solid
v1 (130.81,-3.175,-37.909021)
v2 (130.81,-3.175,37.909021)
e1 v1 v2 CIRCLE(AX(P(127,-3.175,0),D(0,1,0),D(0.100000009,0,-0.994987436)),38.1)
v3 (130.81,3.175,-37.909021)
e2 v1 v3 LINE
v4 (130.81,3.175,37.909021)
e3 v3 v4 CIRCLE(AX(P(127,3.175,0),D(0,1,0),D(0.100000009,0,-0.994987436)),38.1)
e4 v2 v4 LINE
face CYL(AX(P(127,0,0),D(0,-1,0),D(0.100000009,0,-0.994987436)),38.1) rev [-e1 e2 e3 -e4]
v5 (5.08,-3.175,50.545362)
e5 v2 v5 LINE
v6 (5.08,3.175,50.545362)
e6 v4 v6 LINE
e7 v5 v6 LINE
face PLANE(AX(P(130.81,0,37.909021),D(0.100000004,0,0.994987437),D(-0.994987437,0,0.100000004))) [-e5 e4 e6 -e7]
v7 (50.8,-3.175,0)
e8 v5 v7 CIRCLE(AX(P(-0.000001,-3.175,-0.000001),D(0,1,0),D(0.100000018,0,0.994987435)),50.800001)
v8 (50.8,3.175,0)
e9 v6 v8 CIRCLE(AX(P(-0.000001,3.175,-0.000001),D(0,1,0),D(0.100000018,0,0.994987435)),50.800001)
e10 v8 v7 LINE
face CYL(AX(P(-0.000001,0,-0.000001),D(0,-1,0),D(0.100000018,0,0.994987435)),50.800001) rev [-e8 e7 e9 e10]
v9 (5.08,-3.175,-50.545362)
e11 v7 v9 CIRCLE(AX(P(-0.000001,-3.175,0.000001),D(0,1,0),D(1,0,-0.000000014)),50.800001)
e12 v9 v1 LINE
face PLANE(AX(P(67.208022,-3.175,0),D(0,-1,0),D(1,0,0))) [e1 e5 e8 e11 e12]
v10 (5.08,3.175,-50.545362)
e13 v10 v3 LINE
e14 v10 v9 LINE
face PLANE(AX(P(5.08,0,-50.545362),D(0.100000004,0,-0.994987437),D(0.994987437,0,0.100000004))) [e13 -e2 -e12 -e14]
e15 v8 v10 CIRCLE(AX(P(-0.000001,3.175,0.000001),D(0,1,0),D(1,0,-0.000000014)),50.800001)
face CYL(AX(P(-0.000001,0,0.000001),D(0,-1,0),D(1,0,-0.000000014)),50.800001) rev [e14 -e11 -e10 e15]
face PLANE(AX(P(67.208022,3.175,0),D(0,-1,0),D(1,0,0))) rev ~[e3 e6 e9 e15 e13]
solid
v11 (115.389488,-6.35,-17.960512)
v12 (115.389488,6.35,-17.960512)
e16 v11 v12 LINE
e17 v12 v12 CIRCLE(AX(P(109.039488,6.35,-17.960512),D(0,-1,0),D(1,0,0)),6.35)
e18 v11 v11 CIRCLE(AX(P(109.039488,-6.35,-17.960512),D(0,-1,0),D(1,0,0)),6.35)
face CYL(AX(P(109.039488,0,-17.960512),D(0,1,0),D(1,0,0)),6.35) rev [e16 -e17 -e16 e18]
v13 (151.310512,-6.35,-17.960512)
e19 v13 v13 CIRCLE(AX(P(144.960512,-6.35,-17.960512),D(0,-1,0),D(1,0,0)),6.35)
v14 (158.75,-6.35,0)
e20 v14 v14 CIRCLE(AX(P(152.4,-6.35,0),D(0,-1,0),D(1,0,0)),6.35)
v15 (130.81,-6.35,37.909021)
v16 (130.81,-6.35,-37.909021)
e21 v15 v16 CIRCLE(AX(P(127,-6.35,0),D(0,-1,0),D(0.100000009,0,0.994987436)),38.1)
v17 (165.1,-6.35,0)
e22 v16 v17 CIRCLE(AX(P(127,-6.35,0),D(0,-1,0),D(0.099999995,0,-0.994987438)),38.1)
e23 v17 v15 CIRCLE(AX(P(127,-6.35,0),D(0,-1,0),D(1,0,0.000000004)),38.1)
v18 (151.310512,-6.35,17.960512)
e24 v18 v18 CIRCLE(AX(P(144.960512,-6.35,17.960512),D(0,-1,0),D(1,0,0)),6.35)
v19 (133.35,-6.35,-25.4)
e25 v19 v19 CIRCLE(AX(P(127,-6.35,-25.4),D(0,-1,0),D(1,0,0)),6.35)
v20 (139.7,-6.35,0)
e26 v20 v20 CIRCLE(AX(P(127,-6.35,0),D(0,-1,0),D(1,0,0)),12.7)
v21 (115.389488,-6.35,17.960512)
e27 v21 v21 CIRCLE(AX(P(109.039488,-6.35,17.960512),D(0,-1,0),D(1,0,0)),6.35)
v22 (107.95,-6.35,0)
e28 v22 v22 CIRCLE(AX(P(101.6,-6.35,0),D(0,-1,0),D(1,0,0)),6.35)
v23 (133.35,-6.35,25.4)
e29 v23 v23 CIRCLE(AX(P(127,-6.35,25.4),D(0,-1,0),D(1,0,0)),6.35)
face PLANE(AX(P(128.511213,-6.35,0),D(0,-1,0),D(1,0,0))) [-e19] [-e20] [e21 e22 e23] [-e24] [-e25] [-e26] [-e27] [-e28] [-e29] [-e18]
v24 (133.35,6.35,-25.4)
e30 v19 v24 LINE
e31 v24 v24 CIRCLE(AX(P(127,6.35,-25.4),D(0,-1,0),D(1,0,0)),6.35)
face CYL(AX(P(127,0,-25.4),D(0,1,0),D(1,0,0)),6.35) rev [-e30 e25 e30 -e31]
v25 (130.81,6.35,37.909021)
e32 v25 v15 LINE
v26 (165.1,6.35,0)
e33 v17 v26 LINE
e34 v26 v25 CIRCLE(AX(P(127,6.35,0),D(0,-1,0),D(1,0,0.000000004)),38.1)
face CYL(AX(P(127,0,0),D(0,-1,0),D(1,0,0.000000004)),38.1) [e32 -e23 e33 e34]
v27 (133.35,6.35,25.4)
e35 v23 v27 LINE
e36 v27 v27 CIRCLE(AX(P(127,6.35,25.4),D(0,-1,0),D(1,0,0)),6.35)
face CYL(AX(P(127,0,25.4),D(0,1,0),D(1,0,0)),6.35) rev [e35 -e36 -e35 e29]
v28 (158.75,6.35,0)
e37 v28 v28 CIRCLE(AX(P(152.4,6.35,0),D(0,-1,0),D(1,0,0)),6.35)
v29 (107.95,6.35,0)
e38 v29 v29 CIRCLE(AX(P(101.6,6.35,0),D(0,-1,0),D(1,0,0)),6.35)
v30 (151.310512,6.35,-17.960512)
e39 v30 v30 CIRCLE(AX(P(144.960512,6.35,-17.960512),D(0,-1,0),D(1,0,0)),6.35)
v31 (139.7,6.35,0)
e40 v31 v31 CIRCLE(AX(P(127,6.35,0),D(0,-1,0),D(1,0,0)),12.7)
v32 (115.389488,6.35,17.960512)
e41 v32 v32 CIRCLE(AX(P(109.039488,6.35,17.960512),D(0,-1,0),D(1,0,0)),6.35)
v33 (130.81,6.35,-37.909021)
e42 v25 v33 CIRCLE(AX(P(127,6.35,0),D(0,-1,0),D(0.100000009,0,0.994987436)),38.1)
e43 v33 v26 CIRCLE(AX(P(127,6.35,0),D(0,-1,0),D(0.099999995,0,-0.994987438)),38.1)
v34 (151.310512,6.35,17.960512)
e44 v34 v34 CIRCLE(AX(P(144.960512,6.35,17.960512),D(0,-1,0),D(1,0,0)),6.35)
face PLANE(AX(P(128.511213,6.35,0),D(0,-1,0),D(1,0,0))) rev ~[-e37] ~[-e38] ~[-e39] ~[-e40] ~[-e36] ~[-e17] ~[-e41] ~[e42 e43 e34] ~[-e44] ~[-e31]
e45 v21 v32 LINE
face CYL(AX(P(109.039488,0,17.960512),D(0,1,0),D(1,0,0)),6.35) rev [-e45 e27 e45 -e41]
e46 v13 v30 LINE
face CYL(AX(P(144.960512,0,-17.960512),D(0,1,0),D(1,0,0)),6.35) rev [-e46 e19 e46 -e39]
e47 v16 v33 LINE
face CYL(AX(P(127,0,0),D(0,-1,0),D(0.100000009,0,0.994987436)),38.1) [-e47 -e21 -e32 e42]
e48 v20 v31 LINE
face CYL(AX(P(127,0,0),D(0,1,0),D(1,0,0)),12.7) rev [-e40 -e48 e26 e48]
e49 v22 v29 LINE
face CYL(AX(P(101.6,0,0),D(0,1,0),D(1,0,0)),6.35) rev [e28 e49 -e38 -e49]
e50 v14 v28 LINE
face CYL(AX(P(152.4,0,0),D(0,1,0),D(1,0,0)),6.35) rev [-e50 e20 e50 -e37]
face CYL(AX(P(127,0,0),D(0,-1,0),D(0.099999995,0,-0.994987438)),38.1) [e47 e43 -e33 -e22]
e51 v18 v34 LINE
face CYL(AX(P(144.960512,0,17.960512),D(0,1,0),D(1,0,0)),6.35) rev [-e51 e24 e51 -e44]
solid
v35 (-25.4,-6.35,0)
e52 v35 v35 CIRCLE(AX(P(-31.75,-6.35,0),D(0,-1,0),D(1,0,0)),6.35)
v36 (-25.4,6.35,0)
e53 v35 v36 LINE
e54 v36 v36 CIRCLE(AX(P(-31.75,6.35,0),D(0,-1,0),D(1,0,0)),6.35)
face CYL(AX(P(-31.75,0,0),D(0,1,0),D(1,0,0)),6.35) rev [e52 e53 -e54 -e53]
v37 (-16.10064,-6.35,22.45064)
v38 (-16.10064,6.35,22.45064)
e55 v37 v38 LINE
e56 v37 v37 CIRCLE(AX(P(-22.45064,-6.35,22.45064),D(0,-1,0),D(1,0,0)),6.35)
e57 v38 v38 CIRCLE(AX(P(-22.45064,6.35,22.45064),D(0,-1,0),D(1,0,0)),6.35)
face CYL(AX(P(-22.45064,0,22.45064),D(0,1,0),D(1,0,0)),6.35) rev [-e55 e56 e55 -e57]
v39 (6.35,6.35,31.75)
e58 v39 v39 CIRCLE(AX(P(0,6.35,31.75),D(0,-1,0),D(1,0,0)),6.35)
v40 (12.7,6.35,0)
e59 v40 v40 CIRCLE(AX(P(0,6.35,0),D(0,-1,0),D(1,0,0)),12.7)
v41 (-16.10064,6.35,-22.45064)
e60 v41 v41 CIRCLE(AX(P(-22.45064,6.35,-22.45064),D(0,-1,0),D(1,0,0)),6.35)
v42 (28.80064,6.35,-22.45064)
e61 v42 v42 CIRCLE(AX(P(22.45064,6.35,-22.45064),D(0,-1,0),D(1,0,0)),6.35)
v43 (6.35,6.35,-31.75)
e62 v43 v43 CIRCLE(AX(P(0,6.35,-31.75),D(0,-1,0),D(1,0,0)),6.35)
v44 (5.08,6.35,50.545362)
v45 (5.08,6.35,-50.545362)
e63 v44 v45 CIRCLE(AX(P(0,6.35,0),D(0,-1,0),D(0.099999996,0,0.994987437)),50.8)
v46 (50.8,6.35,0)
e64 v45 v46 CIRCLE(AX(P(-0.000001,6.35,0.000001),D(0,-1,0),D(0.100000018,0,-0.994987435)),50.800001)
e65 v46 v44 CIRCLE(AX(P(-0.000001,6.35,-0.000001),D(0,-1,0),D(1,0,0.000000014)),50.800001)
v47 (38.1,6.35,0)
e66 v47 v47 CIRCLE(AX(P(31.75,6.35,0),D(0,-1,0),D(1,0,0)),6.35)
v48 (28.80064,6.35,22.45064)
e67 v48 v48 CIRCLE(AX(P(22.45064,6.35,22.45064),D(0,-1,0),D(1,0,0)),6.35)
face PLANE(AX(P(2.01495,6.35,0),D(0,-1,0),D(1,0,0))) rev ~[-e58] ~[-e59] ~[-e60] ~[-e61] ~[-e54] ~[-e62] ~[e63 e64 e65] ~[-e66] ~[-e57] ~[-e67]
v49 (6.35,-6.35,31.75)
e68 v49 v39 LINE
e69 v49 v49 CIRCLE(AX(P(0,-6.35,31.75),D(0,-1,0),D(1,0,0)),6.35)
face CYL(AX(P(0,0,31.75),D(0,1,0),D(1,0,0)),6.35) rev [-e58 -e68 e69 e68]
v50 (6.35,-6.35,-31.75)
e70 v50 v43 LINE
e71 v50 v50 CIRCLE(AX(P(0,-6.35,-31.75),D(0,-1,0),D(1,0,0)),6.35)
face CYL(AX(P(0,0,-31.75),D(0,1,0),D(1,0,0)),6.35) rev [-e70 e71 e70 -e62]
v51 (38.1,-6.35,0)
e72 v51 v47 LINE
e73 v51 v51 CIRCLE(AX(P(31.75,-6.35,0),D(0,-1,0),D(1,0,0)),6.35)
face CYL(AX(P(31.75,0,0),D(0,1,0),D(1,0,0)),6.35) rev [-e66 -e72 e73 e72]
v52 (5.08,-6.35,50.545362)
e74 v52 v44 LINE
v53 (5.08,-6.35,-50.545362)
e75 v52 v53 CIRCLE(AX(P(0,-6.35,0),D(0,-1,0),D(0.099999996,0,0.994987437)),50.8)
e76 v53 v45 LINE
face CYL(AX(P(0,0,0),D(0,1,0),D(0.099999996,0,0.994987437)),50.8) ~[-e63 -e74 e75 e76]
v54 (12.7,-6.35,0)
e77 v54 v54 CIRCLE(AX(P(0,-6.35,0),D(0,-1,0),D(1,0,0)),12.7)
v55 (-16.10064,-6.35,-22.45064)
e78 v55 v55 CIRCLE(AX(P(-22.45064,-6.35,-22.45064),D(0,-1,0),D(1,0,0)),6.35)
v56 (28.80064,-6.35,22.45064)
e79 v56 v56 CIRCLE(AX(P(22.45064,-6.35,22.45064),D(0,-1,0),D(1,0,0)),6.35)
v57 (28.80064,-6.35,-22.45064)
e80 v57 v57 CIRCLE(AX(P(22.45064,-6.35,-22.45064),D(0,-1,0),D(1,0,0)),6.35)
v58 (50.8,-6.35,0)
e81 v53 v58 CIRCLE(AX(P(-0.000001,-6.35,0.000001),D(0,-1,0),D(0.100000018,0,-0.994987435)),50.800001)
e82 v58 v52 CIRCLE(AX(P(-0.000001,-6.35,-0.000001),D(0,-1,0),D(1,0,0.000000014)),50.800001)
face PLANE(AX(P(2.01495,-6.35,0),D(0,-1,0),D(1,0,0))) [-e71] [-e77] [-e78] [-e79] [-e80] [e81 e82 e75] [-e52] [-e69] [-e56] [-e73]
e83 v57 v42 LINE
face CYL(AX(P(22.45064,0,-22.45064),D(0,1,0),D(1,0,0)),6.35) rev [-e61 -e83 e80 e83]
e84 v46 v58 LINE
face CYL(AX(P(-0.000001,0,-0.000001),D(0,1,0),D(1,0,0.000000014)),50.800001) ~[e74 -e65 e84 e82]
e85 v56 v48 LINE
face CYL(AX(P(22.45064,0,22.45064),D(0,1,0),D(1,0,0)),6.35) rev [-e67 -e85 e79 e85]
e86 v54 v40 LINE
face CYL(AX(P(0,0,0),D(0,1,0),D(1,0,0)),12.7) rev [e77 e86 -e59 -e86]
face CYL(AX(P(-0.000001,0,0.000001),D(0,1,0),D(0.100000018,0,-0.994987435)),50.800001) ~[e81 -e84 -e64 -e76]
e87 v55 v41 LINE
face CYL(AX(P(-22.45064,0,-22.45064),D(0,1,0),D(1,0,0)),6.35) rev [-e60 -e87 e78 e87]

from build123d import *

# Parameters (mm, degrees)
F0_R     = 6.35
F0_R_2   = 12.7
F1_DEPTH = 6.35
F2_DEPTH = 3.175


with BuildPart() as f1:
    # F0 (on Front) → F1 (new body, symmetric)
    with BuildSketch(Plane.XZ):
        with BuildLine():
            ThreePointArc((5.08, -50.545362), (37.674288, -34.077676), (50.8, 0))
            ThreePointArc((50.8, 0), (37.674288, 34.077676), (5.08, 50.545362))
            ThreePointArc((5.08, 50.545362), (-50.8, 0), (5.08, -50.545362))
        make_face()
        with Locations((0, -31.75)):
            Circle(F0_R, mode=Mode.SUBTRACT)
        with Locations((-22.45064, -22.45064)):
            Circle(F0_R, mode=Mode.SUBTRACT)
        with Locations((-31.75, 0)):
            Circle(F0_R, mode=Mode.SUBTRACT)
        Circle(F0_R_2, mode=Mode.SUBTRACT)
        with Locations((22.45064, -22.45064)):
            Circle(F0_R, mode=Mode.SUBTRACT)
        with Locations((31.75, 0)):
            Circle(F0_R, mode=Mode.SUBTRACT)
        with Locations((-22.45064, 22.45064)):
            Circle(F0_R, mode=Mode.SUBTRACT)
        with Locations((22.45064, 22.45064)):
            Circle(F0_R, mode=Mode.SUBTRACT)
        with Locations((0, 31.75)):
            Circle(F0_R, mode=Mode.SUBTRACT)
        with BuildLine():
            ThreePointArc((165.1, 0), (155.255716, 25.558257), (130.81, 37.909021))
            ThreePointArc((130.81, 37.909021), (88.9, 0), (130.81, -37.909021))
            ThreePointArc((130.81, -37.909021), (155.255716, -25.558257), (165.1, 0))
        make_face()
        with Locations((127, -25.4)):
            Circle(F0_R, mode=Mode.SUBTRACT)
        with Locations((109.039488, -17.960512)):
            Circle(F0_R, mode=Mode.SUBTRACT)
        with Locations((101.6, 0)):
            Circle(F0_R, mode=Mode.SUBTRACT)
        with Locations((144.960512, -17.960512)):
            Circle(F0_R, mode=Mode.SUBTRACT)
        with Locations((127, 0)):
            Circle(F0_R_2, mode=Mode.SUBTRACT)
        with Locations((152.4, 0)):
            Circle(F0_R, mode=Mode.SUBTRACT)
        with Locations((109.039488, 17.960512)):
            Circle(F0_R, mode=Mode.SUBTRACT)
        with Locations((127, 25.4)):
            Circle(F0_R, mode=Mode.SUBTRACT)
        with Locations((144.960512, 17.960512)):
            Circle(F0_R, mode=Mode.SUBTRACT)
    extrude(amount=F1_DEPTH, both=True)


with BuildPart() as f2:
    # F0 (on Front) → F2 (new body, symmetric)
    with BuildSketch(Plane.XZ):
        with BuildLine():
            ThreePointArc((5.08, 50.545362), (37.674288, 34.077676), (50.8, 0))
            ThreePointArc((50.8, 0), (37.674288, -34.077676), (5.08, -50.545362))
            Line((5.08, -50.545362), (130.81, -37.909021))
            ThreePointArc((130.81, -37.909021), (88.9, 0), (130.81, 37.909021))
            Line((130.81, 37.909021), (5.08, 50.545362))
        make_face()
    extrude(amount=F2_DEPTH, both=True)


solid = Compound([f1.part, f2.part])
